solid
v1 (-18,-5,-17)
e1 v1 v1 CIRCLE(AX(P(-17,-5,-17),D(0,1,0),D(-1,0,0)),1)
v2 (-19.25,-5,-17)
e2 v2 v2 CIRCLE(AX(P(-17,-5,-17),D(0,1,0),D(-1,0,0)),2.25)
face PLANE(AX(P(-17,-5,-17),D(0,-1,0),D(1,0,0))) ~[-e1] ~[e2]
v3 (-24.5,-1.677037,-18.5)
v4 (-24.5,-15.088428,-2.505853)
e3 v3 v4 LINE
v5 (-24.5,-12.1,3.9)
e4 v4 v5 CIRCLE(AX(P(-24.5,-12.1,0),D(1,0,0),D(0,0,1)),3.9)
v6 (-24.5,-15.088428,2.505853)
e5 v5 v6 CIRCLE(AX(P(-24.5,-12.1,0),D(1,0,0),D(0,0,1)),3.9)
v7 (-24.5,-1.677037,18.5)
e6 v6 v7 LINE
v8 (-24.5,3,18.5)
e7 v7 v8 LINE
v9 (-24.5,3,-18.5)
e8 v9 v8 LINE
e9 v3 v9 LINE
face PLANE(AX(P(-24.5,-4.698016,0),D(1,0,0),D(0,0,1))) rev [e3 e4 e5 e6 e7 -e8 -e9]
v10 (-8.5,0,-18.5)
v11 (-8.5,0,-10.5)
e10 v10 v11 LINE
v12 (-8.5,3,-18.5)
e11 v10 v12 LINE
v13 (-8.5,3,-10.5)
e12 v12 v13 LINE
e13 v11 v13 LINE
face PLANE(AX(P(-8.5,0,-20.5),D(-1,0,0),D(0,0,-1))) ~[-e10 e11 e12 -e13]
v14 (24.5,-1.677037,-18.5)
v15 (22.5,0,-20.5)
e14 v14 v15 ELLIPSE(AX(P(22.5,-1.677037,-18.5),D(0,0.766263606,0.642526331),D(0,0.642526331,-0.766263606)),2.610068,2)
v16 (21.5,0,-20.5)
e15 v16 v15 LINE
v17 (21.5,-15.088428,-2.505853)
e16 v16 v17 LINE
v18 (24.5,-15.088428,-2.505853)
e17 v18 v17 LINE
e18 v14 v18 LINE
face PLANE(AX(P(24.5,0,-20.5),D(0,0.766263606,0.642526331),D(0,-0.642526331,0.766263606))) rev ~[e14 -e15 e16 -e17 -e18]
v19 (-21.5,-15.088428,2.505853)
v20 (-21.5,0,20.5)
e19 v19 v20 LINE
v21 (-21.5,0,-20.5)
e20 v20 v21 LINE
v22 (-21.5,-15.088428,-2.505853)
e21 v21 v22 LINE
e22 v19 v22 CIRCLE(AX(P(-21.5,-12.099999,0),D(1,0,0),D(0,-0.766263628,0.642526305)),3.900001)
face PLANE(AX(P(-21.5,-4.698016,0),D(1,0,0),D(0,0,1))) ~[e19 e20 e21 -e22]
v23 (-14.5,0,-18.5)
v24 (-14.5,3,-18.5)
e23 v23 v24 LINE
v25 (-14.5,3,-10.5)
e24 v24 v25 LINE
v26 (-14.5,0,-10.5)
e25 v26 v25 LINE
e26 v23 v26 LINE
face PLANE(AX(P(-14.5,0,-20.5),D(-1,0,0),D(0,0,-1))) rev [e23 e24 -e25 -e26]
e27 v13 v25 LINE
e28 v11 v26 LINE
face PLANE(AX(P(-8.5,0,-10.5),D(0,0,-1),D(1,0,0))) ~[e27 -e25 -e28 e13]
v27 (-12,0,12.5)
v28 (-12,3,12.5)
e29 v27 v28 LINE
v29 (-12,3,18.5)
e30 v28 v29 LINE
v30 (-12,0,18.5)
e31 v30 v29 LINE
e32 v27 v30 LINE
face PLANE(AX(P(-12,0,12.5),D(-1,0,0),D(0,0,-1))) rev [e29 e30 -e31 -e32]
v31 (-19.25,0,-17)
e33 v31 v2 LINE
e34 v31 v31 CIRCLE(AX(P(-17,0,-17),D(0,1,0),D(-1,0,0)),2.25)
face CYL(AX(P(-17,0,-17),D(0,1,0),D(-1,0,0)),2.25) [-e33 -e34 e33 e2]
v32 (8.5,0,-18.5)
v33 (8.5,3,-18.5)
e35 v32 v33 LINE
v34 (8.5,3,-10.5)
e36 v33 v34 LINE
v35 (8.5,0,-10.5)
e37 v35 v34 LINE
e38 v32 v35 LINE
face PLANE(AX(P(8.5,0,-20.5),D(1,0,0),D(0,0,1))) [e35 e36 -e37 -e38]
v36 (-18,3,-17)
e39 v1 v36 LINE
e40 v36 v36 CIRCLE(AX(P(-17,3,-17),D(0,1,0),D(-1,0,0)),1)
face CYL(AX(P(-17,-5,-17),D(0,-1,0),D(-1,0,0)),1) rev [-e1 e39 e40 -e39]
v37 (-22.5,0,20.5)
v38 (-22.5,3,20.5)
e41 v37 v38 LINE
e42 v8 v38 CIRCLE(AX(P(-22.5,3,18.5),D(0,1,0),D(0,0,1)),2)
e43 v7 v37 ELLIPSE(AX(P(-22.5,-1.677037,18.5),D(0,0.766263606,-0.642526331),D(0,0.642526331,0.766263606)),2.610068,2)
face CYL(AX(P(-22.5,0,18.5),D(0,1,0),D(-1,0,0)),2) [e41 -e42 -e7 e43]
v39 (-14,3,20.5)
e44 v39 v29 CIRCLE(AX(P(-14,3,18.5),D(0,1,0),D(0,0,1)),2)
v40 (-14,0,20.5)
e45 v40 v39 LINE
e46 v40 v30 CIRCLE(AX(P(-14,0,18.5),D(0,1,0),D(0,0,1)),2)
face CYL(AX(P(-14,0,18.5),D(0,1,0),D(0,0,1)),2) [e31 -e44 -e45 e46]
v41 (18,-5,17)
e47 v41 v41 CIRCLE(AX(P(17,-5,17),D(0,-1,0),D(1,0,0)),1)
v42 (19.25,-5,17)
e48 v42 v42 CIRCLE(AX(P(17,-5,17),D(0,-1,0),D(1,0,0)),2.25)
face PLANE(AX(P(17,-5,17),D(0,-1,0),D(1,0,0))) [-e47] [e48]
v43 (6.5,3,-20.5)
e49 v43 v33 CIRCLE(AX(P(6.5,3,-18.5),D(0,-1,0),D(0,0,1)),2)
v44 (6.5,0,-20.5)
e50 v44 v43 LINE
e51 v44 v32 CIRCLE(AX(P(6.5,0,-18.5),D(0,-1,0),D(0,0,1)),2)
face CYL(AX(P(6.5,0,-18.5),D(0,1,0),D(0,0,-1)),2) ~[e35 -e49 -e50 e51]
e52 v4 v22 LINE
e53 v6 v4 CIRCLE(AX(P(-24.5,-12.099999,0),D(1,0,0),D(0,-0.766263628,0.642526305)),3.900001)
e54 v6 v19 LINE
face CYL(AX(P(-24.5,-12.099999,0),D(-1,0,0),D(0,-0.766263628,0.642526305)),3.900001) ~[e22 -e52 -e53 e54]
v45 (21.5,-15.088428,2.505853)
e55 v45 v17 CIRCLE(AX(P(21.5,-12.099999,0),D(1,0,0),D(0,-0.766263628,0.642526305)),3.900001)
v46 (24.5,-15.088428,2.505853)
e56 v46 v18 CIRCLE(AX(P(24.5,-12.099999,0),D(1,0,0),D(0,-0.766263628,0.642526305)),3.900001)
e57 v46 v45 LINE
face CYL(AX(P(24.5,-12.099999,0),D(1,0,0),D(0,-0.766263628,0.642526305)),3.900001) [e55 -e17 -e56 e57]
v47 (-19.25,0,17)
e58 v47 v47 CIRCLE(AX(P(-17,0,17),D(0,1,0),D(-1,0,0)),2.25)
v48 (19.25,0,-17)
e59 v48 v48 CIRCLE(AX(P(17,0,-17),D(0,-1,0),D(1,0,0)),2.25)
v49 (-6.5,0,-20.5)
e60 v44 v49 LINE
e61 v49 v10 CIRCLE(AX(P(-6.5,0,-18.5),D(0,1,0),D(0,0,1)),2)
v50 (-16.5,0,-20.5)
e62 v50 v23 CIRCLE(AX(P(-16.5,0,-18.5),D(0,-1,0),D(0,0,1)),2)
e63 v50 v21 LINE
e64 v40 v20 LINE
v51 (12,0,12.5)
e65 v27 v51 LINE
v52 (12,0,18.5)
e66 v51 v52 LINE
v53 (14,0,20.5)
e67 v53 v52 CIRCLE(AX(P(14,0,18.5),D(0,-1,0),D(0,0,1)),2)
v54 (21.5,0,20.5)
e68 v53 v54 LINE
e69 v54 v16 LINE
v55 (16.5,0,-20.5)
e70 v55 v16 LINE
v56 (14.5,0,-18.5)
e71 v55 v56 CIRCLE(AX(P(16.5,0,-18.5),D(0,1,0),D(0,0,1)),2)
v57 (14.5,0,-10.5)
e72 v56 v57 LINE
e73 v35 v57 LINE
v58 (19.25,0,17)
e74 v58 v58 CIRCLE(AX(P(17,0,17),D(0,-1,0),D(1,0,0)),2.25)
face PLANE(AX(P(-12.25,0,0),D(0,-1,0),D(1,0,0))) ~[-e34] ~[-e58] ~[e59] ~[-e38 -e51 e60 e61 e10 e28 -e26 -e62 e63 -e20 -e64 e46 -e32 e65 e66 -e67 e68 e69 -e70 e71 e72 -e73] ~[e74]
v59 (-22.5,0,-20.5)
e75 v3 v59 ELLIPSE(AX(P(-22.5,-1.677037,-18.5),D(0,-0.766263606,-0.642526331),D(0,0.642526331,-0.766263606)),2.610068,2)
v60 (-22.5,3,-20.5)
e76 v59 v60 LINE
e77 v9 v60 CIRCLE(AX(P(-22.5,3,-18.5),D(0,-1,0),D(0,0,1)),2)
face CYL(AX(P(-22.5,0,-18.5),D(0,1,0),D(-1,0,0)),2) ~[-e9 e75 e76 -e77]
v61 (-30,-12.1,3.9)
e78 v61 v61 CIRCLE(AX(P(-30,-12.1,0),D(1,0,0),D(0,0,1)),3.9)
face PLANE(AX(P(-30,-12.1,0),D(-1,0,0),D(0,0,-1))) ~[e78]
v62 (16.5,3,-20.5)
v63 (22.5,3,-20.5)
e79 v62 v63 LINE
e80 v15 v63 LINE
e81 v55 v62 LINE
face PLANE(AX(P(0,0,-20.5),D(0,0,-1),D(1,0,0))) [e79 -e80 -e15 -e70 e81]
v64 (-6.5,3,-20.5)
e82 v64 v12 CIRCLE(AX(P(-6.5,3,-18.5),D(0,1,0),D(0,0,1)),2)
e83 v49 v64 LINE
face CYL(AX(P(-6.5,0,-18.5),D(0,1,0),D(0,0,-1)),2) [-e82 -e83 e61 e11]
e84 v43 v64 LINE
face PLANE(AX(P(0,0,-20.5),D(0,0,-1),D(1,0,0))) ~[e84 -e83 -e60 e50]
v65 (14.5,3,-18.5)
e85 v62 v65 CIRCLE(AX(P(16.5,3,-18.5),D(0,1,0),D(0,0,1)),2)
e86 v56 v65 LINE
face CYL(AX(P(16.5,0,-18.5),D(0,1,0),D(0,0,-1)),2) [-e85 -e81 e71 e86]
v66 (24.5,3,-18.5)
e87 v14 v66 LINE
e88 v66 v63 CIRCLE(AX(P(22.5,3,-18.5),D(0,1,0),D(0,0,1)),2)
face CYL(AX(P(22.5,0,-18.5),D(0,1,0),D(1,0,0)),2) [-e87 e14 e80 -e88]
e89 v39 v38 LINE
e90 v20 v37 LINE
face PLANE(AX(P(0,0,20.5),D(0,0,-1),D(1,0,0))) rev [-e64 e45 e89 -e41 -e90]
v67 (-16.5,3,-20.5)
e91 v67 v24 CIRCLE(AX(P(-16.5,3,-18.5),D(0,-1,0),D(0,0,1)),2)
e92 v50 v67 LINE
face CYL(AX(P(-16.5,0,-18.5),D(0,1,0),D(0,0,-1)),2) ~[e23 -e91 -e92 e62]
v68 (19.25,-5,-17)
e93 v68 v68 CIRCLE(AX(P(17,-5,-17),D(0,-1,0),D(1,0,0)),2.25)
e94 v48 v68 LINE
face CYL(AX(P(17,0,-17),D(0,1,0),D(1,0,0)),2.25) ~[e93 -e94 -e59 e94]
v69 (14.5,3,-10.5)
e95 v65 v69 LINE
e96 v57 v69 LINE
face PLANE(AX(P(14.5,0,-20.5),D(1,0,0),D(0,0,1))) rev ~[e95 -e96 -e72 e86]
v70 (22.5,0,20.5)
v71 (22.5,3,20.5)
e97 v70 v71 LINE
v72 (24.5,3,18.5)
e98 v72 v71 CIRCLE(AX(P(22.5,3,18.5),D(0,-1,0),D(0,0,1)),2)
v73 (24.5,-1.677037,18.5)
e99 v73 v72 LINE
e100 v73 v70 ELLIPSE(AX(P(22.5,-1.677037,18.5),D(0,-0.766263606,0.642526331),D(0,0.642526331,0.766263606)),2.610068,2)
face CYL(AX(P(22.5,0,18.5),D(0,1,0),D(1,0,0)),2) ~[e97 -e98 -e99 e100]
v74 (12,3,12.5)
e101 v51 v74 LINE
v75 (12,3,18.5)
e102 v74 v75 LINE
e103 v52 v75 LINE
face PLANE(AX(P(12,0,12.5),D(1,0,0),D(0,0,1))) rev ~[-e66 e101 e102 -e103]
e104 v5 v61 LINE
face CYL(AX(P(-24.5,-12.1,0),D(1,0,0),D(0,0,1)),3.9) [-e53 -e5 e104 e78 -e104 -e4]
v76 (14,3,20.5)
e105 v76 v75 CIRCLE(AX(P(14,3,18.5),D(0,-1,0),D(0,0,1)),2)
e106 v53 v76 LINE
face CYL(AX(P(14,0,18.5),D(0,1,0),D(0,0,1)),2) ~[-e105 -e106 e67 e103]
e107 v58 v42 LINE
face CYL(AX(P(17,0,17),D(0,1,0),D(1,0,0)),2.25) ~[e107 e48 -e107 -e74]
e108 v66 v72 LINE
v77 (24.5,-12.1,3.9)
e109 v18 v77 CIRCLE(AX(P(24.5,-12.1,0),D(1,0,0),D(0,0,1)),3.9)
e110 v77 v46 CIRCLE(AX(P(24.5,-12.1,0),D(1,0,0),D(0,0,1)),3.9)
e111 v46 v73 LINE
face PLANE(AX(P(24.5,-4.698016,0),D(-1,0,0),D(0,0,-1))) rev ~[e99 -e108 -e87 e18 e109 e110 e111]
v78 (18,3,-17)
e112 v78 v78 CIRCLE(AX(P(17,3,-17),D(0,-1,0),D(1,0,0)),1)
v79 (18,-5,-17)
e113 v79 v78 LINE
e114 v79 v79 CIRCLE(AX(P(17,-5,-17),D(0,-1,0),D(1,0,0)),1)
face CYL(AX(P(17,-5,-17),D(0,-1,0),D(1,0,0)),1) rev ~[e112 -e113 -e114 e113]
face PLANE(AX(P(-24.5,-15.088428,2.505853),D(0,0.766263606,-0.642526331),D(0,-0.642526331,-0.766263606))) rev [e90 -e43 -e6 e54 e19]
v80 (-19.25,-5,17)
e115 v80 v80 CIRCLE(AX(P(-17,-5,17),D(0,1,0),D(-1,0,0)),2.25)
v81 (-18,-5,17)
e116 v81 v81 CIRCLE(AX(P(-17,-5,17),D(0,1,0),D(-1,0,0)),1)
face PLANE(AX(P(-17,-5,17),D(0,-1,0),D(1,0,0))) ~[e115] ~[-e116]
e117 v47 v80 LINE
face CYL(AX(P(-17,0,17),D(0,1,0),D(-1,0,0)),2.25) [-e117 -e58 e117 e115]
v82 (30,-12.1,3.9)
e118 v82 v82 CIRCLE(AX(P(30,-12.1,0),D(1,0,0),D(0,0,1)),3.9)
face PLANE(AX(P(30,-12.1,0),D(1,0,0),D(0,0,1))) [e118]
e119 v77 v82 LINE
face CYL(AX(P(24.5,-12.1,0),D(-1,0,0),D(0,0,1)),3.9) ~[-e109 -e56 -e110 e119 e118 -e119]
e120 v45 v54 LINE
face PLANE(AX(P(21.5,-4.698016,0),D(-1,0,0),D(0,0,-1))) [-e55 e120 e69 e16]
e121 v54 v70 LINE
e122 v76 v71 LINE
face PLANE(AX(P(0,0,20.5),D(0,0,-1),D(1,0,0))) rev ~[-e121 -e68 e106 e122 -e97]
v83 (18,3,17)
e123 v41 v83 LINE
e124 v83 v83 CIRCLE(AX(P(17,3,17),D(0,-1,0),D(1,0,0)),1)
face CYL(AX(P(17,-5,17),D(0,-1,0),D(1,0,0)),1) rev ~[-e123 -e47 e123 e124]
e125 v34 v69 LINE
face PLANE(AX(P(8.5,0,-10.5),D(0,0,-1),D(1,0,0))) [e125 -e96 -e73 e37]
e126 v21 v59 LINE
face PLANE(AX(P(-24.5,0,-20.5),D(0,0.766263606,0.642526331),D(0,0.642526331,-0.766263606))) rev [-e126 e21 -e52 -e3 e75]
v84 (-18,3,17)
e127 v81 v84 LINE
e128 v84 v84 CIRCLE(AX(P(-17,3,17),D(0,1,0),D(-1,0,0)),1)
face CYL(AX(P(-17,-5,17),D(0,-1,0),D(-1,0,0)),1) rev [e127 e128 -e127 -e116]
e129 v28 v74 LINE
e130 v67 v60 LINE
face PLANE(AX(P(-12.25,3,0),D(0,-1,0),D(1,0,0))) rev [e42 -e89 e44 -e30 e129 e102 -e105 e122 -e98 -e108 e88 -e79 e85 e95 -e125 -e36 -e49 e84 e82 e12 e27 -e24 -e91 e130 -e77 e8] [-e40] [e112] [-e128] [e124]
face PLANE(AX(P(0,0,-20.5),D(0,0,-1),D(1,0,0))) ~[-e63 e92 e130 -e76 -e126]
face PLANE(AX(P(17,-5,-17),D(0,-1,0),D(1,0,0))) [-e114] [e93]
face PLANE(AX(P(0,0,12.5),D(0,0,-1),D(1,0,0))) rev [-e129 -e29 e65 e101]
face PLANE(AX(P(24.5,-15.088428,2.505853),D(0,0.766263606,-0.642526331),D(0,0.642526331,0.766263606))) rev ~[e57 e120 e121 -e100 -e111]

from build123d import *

# Parameters (mm, degrees)
SKETCH_W        = 24.5
SKETCH_H        = 41
PAD_DEPTH       = 3
SKETCH001_R     = 2.25
PAD001_DEPTH    = 5
PAD002_DEPTH    = 3
SKETCH003_R     = 3.9
PAD003_DEPTH    = 5.5
SKETCH004_W     = 12
SKETCH004_H     = 8
POCKET_DEPTH    = 3.001
SKETCH005_W     = 6
SKETCH005_H     = 10
POCKET001_DEPTH = 3.001
SKETCH006_R     = 1
POCKET002_DEPTH = 8.001
FILLET_R        = 2


with BuildPart() as part:
    # Sketch → Pad (new body)
    with BuildSketch(Plane.XZ):
        with Locations((12.25, 0)):
            Rectangle(SKETCH_W, SKETCH_H)
    extrude(amount=-PAD_DEPTH)

    # Sketch001 → Pad001 (join)
    with BuildSketch(Plane.XZ):
        with Locations((17, 17)):
            Circle(SKETCH001_R)
        with Locations((17, -17)):
            Circle(SKETCH001_R)
    extrude(amount=PAD001_DEPTH)

    # Sketch002 (on Face6 of Pad001) → Pad002 (join)
    with BuildSketch(Plane(origin=(24.5, 0, 0), x_dir=(0, 0, 1), z_dir=(1, 0, 0))):
        with BuildLine():
            Line((20.5, 0), (-20.5, 0))
            Line((-20.5, 0), (-2.505853, 15.088428))
            ThreePointArc((2.505853, 15.088428), (0, 16), (-2.505853, 15.088428))
            Line((2.505853, 15.088428), (20.5, 0))
        make_face()
    extrude(amount=-PAD002_DEPTH)

    # Sketch003 (on Face14 of Pad002) → Pad003 (join)
    with BuildSketch(Plane(origin=(24.5, 0, 0), x_dir=(0, 0, 1), z_dir=(1, 0, 0))):
        with Locations((0, 12.1)):
            Circle(SKETCH003_R)
    extrude(amount=PAD003_DEPTH)

    # Sketch004 → Pocket (cut, through all)
    with BuildSketch(Plane.XZ):
        with Locations((6, 16.5)):
            Rectangle(SKETCH004_W, SKETCH004_H)
    extrude(amount=-POCKET_DEPTH, mode=Mode.SUBTRACT)

    # Sketch005 (on Face4 of Pocket) → Pocket001 (cut, through all)
    with BuildSketch(Plane.XZ):
        with Locations((11.5, -15.5)):
            Rectangle(SKETCH005_W, SKETCH005_H)
    extrude(amount=-POCKET001_DEPTH, mode=Mode.SUBTRACT)

    # Sketch006 (on Face20 of Pocket001) → Pocket002 (cut, through all)
    with BuildSketch(Plane.XZ.offset(5)):
        with Locations((17, 17)):
            Circle(SKETCH006_R)
        with Locations((17, -17)):
            Circle(SKETCH006_R)
    extrude(amount=-POCKET002_DEPTH, mode=Mode.SUBTRACT)

    # Fillet
    fillet_edges = [part.edges().sort_by_distance(p)[0] for p in [
        (8.5, 1.5, -20.5),
        (12, 1.5, 20.5),
        (24.5, 1.5, 20.5),
        (24.5, 1.5, -20.5),
        (14.5, 1.5, -20.5),
    ]]
    fillet(fillet_edges, radius=FILLET_R)

    # Mirrored: part across YZ


with BuildPart() as part_1:
    add(part.part)
    add(part.part.mirror(Plane.YZ))


solid = part_1.part
